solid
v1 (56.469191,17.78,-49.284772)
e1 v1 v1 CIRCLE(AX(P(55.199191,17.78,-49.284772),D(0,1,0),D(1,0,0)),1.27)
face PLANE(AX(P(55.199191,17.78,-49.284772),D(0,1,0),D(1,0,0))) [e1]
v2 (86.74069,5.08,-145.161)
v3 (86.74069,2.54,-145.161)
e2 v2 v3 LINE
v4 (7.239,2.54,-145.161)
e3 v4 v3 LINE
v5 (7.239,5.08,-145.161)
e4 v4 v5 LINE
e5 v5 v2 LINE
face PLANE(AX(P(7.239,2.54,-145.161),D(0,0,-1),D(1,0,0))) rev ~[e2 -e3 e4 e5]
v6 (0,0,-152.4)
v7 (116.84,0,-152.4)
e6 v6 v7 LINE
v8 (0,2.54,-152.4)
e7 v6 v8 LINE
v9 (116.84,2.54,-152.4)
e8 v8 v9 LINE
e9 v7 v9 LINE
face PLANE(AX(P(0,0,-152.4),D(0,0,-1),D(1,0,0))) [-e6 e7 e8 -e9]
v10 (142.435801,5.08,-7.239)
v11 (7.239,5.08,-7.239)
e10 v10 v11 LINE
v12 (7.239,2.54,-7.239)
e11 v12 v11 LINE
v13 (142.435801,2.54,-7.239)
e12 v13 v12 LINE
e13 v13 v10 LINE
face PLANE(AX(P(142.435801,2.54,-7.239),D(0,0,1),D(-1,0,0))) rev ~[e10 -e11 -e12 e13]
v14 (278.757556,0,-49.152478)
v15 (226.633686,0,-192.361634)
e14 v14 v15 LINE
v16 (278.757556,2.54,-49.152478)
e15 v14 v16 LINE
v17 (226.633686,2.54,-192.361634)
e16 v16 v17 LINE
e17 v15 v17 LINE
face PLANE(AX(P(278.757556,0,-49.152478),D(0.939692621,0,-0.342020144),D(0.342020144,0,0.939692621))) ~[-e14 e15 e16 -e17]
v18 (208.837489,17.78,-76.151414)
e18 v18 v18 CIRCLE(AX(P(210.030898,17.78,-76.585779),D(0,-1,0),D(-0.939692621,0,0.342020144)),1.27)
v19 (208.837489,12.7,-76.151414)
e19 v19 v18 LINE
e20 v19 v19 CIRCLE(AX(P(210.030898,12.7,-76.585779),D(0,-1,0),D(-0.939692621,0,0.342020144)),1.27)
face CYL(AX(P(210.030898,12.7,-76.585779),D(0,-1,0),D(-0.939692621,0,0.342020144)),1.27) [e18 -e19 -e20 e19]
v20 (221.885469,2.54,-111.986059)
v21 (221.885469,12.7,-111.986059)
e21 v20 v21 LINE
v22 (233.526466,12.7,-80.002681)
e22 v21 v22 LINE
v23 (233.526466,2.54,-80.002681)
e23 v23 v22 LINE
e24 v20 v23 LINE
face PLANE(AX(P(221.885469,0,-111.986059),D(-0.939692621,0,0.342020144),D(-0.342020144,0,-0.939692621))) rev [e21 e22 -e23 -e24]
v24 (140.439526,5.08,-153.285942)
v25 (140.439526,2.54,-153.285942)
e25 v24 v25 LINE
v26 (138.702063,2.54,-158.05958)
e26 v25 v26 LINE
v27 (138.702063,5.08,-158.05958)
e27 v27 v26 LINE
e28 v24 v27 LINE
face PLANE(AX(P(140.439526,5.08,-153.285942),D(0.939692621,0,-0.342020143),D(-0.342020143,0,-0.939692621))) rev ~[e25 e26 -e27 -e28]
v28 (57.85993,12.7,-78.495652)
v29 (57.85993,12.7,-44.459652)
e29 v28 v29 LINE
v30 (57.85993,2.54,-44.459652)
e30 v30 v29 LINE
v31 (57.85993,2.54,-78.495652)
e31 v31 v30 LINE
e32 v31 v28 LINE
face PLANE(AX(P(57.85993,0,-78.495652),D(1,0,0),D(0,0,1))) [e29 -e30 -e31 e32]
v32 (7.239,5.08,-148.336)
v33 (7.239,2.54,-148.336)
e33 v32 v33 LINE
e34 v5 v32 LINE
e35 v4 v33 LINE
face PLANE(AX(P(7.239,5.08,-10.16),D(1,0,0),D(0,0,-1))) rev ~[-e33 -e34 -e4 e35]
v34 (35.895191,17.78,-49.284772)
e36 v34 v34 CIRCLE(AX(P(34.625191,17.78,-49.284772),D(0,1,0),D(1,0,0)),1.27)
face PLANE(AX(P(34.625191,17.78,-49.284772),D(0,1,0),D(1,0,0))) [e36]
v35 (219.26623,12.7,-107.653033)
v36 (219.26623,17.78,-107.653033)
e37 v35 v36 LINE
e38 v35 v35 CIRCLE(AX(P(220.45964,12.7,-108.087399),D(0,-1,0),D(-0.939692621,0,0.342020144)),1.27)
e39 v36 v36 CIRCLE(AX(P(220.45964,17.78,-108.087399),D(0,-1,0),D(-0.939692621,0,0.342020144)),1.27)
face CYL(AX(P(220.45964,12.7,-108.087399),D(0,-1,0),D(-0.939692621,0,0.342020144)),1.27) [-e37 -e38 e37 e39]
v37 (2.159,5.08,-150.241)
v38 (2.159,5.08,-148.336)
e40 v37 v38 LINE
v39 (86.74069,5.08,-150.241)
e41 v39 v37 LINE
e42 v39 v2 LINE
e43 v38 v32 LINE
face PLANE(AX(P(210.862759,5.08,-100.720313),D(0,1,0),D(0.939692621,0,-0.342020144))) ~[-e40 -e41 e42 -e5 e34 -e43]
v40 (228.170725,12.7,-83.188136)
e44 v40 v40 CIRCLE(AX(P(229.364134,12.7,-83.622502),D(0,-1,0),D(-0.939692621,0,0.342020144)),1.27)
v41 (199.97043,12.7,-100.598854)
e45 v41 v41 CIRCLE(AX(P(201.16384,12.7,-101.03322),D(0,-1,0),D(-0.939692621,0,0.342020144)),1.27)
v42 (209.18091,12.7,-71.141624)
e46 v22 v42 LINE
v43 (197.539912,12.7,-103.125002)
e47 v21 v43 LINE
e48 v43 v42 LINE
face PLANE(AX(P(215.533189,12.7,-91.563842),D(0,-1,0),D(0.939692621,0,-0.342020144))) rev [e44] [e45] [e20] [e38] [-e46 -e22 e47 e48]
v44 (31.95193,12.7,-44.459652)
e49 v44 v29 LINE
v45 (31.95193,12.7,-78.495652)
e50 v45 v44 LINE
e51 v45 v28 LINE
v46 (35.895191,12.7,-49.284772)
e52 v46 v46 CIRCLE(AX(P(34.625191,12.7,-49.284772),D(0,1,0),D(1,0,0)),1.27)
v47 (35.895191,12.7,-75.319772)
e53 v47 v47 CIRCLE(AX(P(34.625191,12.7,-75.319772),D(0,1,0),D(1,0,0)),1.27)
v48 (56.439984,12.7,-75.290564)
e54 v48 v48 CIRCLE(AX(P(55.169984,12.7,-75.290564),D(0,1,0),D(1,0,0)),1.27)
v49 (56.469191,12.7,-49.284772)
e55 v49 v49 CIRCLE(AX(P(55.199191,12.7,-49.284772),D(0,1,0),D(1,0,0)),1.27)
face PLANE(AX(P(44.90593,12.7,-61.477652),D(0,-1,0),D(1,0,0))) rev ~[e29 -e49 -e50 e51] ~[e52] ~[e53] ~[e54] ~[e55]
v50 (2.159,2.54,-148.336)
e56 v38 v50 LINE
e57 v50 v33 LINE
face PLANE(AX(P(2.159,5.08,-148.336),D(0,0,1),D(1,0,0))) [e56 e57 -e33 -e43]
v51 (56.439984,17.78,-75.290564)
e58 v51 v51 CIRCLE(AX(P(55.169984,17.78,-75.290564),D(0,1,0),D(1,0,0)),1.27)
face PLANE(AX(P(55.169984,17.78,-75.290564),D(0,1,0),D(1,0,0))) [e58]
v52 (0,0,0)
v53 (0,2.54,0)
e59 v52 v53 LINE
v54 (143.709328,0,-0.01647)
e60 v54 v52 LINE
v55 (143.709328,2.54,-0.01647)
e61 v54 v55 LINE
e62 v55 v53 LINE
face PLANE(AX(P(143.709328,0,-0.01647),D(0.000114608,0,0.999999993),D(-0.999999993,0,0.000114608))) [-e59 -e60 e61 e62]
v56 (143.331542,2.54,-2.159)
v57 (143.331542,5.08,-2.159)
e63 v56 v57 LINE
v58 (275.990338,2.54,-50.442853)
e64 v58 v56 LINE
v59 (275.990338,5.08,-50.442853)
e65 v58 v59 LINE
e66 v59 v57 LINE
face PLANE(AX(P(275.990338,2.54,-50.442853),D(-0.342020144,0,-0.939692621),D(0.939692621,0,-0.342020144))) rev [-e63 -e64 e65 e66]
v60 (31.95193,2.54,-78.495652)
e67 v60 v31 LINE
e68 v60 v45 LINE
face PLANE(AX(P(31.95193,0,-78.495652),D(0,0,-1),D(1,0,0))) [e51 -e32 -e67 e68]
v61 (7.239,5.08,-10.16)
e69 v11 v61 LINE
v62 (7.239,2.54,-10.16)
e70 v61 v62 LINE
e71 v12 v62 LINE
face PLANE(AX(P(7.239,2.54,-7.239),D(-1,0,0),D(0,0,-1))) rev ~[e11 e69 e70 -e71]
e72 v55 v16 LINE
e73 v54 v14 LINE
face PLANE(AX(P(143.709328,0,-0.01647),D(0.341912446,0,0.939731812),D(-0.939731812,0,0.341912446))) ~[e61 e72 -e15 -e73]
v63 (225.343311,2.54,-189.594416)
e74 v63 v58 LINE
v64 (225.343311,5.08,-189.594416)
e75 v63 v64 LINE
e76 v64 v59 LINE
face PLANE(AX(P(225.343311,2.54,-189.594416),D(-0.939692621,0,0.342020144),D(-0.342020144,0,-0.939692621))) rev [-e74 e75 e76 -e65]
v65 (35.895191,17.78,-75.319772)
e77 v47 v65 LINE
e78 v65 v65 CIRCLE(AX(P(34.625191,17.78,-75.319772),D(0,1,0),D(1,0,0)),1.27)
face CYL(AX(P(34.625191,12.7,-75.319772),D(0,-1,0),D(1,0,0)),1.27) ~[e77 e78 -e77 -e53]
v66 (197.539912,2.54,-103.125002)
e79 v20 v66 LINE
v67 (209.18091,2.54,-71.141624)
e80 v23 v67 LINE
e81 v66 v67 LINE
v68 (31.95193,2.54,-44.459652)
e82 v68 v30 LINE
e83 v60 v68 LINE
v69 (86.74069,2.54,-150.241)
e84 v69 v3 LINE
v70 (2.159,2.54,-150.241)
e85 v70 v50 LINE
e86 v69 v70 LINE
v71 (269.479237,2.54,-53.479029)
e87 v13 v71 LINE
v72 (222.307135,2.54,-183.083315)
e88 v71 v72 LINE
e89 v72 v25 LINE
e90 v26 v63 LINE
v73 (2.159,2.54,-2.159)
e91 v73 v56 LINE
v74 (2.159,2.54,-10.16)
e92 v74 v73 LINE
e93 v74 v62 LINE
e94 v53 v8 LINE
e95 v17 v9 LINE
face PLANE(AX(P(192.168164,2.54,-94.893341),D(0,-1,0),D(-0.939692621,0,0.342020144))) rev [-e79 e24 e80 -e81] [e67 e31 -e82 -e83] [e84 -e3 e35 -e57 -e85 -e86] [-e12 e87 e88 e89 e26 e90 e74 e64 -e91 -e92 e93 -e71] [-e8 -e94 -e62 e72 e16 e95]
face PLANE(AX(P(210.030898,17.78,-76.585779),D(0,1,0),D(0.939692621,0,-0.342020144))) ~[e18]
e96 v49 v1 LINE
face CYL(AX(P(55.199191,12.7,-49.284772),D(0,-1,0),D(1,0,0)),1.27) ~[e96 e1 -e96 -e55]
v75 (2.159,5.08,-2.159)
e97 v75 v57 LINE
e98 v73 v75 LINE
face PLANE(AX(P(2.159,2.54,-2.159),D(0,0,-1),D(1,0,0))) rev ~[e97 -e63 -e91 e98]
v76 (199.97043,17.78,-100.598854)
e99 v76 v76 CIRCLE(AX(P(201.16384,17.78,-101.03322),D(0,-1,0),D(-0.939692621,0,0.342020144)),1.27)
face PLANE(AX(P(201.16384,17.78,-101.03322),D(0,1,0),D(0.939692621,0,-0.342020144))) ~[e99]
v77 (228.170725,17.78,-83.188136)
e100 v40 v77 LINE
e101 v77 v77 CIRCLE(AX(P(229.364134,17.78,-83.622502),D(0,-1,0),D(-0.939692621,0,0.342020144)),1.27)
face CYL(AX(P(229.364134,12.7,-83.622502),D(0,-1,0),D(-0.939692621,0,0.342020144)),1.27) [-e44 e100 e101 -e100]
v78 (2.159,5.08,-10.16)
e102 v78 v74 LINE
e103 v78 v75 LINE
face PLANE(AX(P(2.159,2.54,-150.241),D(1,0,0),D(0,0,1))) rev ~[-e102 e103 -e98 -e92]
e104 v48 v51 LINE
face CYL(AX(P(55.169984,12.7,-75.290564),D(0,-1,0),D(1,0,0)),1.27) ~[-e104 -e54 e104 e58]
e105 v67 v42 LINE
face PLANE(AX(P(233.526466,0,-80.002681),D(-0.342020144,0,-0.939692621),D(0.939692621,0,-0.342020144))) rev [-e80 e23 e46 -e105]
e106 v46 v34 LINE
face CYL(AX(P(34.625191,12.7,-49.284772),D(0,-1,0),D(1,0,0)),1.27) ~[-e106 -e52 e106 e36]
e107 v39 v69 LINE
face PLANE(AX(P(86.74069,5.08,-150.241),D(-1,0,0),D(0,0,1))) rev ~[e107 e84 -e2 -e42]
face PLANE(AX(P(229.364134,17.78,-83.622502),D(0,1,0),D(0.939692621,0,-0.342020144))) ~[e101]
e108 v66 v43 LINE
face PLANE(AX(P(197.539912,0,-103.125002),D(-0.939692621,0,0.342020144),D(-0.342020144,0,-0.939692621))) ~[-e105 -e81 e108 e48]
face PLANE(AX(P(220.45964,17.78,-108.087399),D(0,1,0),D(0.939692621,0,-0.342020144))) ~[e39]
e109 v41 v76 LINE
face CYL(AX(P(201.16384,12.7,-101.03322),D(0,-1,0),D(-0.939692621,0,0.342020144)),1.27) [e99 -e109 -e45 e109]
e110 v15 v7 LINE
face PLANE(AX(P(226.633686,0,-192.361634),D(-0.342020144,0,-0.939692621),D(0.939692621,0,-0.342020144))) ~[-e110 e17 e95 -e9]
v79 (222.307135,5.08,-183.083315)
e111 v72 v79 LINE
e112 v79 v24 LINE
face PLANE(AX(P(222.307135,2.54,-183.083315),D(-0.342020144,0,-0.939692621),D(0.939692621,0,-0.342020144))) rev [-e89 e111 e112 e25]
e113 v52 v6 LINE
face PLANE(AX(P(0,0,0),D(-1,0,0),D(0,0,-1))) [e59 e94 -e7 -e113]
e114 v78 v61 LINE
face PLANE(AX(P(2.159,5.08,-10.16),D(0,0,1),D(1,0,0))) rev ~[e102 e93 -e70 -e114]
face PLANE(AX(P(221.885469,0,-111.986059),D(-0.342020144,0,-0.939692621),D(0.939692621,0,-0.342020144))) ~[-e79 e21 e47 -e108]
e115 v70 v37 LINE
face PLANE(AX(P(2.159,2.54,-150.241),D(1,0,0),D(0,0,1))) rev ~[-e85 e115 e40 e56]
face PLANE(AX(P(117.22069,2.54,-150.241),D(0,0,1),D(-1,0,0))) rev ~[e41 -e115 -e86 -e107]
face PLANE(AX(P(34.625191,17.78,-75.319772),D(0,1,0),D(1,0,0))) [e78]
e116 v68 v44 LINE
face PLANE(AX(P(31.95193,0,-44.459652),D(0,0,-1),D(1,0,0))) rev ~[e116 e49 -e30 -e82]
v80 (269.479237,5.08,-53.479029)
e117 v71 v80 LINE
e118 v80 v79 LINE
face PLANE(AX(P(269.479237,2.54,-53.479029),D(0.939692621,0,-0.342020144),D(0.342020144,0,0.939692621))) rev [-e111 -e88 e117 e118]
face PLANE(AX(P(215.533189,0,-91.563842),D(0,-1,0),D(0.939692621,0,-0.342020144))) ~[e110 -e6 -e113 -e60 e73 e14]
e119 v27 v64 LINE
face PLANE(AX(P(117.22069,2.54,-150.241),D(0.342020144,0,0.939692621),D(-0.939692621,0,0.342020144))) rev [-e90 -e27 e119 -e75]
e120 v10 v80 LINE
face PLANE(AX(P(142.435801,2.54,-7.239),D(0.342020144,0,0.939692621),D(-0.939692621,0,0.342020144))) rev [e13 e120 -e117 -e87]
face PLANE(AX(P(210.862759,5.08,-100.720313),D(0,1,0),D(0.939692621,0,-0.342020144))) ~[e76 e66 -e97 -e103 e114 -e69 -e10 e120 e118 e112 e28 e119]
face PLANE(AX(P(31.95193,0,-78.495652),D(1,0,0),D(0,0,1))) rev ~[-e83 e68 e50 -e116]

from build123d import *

# Parameters (mm, degrees)
BOSS_EXTRUDE1_DEPTH = 2.54
BOSS_EXTRUDE2_DEPTH = 2.54
SKETCH5_W           = 25.908
SKETCH5_H           = 34.036
BOSS_EXTRUDE3_DEPTH = 12.7
SKETCH6_R           = 1.27
BOSS_EXTRUDE4_DEPTH = 5.08
SKETCH7_W           = 5.08
SKETCH7_H           = 138.176
CUT_EXTRUDE1_DEPTH  = 2.54
CUT_EXTRUDE2_DEPTH  = 2.54


with BuildPart() as part:
    # Sketch1 → Boss-Extrude1 (new body)
    with BuildSketch(Plane(origin=(0, 0, 0), x_dir=(1, 0, 0), z_dir=(0, 1, 0))):
        Polygon((0, 0), (0, 152.4), (116.84, 152.4), (143.709327723, 0.01647018), align=None)
    extrude(amount=BOSS_EXTRUDE1_DEPTH)

    # Sketch2 → Boss-Extrude2 (add)
    with BuildSketch(Plane(origin=(0, 2.54, 0), x_dir=(1, 0, 0), z_dir=(0, 1, 0))):
        Polygon((117.220689951, 150.241), (2.159, 150.241), (2.159, 2.159), (143.331541909, 2.159), (142.435800847, 7.239), (7.239, 7.239), (7.239, 145.161), (118.116431013, 145.161), align=None)
    extrude(amount=BOSS_EXTRUDE2_DEPTH)

    # Sketch5 → Boss-Extrude3 (add)
    with BuildSketch(Plane.XZ):
        with Locations((44.90593, -61.477652)):
            Rectangle(SKETCH5_W, SKETCH5_H)
    extrude(amount=-BOSS_EXTRUDE3_DEPTH)

    # Sketch6 → Boss-Extrude4 (add)
    with BuildSketch(Plane(origin=(0, 12.7, 0), x_dir=(1, 0, 0), z_dir=(0, 1, 0))):
        with Locations((34.625191146, 75.319771658)):
            Circle(SKETCH6_R)
        with Locations((55.169983581, 75.290564093)):
            Circle(SKETCH6_R)
        with Locations((55.199191146, 49.284771658)):
            Circle(SKETCH6_R)
        with Locations((34.625191146, 49.284771658)):
            Circle(SKETCH6_R)
    extrude(amount=BOSS_EXTRUDE4_DEPTH)

    # Mirror2: part across plane


with BuildPart() as part_1:
    add(part.part)
    add(part.part.mirror(Plane(origin=(116.84, 2.54, -152.4), x_dir=(0.173648178, 0, 0.984807753), z_dir=(0.984807753, 0, -0.173648178))))

    # Sketch7 → Cut-Extrude1 (cut)
    with BuildSketch(Plane(origin=(0, 5.08, 0), x_dir=(1, 0, 0), z_dir=(0, 1, 0))):
        with Locations((4.699, 79.248)):
            Rectangle(SKETCH7_W, SKETCH7_H)
    extrude(amount=-CUT_EXTRUDE1_DEPTH, mode=Mode.SUBTRACT)

    # Sketch8 → Cut-Extrude2 (cut)
    with BuildSketch(Plane(origin=(0, 5.08, 0), x_dir=(1, 0, 0), z_dir=(0, 1, 0))):
        Polygon((86.740689951, 150.241), (86.740689951, 145.161), (118.116431013, 145.161), (140.439525591, 153.285941963), (138.702063263, 158.059580476), (117.220689951, 150.241), align=None)
    extrude(amount=-CUT_EXTRUDE2_DEPTH, mode=Mode.SUBTRACT)


solid = part_1.part
